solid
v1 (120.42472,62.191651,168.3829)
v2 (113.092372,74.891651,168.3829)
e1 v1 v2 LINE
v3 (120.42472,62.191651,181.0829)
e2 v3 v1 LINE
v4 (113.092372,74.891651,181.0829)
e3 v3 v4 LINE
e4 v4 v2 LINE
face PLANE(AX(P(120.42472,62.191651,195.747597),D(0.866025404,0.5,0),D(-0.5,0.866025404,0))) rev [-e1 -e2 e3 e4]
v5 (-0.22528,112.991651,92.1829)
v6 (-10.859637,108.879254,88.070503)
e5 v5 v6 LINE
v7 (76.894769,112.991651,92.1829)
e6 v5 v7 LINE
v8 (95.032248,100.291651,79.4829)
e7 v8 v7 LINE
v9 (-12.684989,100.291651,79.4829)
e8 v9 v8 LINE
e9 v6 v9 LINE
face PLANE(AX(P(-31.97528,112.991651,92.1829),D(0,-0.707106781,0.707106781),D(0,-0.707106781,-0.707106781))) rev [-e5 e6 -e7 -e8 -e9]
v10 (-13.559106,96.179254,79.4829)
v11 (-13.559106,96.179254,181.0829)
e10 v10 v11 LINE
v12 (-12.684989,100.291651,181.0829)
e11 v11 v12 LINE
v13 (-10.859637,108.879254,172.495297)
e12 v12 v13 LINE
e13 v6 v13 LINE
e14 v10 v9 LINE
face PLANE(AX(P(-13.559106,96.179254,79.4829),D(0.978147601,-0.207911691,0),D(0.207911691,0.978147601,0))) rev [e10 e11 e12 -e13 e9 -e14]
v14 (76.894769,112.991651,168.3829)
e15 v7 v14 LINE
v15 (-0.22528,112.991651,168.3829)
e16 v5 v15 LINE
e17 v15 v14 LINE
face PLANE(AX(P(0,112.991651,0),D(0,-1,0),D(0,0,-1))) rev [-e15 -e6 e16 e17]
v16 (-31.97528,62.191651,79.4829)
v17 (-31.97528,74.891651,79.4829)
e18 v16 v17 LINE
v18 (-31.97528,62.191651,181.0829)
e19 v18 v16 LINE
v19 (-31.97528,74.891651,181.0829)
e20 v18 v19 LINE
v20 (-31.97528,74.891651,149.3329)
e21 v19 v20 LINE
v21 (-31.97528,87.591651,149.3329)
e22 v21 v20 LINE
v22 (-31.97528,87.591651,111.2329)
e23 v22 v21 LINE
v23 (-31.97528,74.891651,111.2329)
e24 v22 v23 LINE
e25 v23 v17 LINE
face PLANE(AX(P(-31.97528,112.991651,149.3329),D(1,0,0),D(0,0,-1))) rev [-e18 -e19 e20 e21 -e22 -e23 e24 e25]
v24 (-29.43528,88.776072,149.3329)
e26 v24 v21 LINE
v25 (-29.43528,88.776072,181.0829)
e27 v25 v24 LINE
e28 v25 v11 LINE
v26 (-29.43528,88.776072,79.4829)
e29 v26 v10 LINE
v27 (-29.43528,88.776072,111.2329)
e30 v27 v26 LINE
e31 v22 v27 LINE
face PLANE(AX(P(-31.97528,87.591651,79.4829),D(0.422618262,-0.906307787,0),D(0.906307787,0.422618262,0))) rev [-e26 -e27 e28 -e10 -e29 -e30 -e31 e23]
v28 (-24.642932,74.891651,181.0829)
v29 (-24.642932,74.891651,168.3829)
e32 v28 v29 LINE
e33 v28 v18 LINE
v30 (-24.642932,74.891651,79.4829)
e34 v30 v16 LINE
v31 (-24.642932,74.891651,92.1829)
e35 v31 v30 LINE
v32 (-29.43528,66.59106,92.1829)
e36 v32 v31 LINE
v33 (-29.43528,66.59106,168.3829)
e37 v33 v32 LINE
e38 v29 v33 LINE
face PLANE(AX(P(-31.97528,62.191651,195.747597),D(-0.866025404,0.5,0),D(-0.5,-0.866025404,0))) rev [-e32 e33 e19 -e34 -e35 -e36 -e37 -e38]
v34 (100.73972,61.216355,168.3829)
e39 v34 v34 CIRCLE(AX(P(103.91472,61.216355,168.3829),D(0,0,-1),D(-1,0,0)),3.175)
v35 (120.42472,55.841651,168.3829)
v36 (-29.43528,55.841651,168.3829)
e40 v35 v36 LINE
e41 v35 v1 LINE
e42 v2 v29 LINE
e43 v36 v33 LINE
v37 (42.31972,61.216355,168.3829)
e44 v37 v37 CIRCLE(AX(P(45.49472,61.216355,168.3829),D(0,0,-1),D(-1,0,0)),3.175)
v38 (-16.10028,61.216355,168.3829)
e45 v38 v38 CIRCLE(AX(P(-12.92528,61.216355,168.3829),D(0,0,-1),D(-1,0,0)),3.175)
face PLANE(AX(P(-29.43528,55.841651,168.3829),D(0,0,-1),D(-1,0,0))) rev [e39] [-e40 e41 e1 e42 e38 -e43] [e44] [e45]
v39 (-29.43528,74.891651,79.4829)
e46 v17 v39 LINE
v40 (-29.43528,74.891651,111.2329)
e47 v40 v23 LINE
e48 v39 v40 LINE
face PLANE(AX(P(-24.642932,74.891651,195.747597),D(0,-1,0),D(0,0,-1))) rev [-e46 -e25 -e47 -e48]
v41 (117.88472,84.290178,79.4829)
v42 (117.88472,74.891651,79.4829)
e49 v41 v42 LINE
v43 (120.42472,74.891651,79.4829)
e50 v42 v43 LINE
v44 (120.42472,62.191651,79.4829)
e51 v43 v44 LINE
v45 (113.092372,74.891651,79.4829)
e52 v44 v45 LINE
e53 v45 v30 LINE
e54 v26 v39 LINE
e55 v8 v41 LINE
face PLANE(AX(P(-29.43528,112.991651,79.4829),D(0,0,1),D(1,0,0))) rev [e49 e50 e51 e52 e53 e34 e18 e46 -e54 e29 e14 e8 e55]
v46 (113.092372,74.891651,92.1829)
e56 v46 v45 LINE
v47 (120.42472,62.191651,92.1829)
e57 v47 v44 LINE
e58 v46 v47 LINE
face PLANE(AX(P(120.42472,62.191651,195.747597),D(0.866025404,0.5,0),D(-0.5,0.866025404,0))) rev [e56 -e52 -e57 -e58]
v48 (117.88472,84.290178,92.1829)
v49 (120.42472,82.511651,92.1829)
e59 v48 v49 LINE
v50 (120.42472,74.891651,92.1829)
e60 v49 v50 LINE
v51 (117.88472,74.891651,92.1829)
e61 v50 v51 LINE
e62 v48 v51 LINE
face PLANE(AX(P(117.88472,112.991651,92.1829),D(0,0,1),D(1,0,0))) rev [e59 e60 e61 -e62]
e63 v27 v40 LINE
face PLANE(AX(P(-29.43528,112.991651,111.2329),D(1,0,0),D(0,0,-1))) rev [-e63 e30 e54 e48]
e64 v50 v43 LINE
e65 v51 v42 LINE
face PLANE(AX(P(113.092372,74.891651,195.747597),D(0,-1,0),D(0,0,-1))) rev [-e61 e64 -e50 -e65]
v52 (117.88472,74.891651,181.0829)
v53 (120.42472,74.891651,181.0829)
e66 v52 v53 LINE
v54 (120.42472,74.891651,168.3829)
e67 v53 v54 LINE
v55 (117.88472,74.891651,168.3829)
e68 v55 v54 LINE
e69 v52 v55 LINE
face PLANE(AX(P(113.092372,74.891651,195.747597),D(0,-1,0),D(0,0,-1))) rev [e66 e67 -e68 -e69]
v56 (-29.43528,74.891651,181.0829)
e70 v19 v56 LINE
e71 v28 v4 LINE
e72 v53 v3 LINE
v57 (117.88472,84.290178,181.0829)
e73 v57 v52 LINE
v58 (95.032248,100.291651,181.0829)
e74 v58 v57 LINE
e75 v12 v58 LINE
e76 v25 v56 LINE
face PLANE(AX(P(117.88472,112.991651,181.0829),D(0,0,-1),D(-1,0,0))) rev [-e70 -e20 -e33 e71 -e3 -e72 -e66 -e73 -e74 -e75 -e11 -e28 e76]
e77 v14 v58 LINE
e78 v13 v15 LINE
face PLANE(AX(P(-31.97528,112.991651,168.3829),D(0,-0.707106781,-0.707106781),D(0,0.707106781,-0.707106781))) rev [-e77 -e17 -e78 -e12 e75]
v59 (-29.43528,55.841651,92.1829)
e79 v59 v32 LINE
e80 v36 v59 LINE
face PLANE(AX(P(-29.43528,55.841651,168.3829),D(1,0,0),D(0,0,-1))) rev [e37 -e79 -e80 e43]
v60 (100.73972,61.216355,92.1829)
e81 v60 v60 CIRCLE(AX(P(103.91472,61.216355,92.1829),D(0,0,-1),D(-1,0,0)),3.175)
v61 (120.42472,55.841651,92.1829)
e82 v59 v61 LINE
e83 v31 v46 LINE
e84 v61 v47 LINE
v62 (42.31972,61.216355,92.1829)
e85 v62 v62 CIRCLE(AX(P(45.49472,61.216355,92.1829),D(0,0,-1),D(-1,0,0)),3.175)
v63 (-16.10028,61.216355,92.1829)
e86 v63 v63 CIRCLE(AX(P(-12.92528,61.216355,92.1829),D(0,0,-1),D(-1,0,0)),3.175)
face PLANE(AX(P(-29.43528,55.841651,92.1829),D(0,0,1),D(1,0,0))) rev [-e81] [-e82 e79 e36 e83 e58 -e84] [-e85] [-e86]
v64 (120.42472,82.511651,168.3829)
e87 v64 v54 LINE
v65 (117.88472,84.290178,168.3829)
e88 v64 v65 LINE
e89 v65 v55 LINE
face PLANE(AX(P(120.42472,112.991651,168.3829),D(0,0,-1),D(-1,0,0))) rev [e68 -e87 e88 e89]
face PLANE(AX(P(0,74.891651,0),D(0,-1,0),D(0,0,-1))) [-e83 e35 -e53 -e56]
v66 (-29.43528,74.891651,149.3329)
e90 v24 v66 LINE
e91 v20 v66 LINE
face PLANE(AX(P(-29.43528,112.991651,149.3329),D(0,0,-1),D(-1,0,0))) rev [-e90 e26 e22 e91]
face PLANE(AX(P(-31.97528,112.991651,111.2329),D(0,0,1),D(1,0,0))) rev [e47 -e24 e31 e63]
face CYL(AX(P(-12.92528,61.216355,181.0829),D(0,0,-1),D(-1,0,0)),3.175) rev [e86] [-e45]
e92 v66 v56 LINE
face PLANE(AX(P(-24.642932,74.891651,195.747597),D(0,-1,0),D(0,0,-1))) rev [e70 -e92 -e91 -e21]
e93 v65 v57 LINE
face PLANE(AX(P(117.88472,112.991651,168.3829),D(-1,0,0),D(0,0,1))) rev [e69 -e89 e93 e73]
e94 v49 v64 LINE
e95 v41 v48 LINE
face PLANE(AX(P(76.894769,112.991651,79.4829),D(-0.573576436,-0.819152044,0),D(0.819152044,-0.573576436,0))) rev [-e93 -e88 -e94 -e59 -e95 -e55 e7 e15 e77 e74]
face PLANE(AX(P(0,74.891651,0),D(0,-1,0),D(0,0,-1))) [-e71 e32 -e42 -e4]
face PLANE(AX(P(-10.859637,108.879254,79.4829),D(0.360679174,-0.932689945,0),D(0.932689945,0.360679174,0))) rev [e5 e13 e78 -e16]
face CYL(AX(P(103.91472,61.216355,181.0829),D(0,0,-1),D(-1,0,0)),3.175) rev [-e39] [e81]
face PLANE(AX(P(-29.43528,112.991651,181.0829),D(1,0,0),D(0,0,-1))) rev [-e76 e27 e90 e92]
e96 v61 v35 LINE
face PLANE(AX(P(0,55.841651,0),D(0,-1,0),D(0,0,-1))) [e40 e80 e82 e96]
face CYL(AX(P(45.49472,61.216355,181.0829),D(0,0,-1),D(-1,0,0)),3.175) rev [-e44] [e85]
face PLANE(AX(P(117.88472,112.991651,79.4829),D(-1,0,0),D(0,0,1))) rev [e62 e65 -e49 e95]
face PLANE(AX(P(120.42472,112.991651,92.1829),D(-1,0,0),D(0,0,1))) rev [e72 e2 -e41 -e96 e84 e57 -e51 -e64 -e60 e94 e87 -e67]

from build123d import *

# Parameters (mm, degrees)
BOSS_EXTRUDE1_DEPTH             = 38.1
CUT_EXTRUDE1_DEPTH              = 100.190170884
CUT_EXTRUDE1_DEPTH_BACK         = 100.190170884
BOSS_EXTRUDE2_REACH             = 101.19
BOSS_EXTRUDE2_DIRECTION_2_REACH = 101.19
CUT_EXTRUDE2_DEPTH              = 100.190170884
CUT_EXTRUDE2_DEPTH_BACK         = 100.190170884
SKETCH5_W                       = 149.86
SKETCH5_H                       = 76.2
BOSS_EXTRUDE4_DEPTH             = 19.05
SKETCH6_R                       = 3.175
CUT_EXTRUDE3_DEPTH              = 188.543158451


with BuildPart() as part:
    # Sketch1 → Boss-Extrude1 (new body)
    with BuildSketch(Plane(origin=(44.224720049, 74.891650501, 130.282900288), x_dir=(1, 0, 0), z_dir=(0, 1, 0))):
        Polygon((-73.66, -50.8), (-73.66, -19.05), (-76.2, -19.05), (-76.2, 19.05), (-73.66, 19.05), (-73.66, 50.8), (73.66, 50.8), (73.66, 38.1), (76.2, 38.1), (76.2, -38.1), (73.66, -38.1), (73.66, -50.8), align=None)
    extrude(amount=BOSS_EXTRUDE1_DEPTH)

    # Sketch2 → Cut-Extrude1 (cut, two sides: drawn at the far end of the back side and taken through both)
    with BuildSketch(Plane(origin=(44.224720049, 74.891650501, 130.282900288), x_dir=(1, 0, 0), z_dir=(0, 0, 1)).offset(-CUT_EXTRUDE1_DEPTH_BACK)):
        Polygon((-76.2, 12.7), (-57.783825767, 21.287603079), (-55.084357434, 33.987603079), (-44.45, 38.1), (-76.2, 38.1), align=None)
        Polygon((32.670048754, 38.1), (76.2, 7.62), (76.2, 38.1), align=None)
    extrude(amount=CUT_EXTRUDE1_DEPTH + CUT_EXTRUDE1_DEPTH_BACK, mode=Mode.SUBTRACT)

    # Boss-Extrude2: up to this face of the body (flat: up to its plane)
    boss_extrude2_end = Plane(part.part.faces().sort_by_distance((41.857775963, 91.970339861, 181.082900288))[0])
    # Sketch3 → Boss-Extrude2 (add, up to the picked face)
    with BuildSketch(Plane(origin=(44.224720049, 74.891650501, 130.282900288), x_dir=(1, 0, 0), z_dir=(0, 0, 1)), mode=Mode.PRIVATE) as boss_extrude2_sk1:
        Polygon((-76.2, 0), (-76.2, -12.7), (-68.867651581, 0), align=None)
    boss_extrude2_tool1 = split(extrude(boss_extrude2_sk1.sketch, amount=BOSS_EXTRUDE2_REACH, mode=Mode.PRIVATE), bisect_by=boss_extrude2_end, keep=Keep.BOTH, mode=Mode.PRIVATE)
    # Sketch3 → Boss-Extrude2 (add, up to the picked face)
    with BuildSketch(Plane(origin=(44.224720049, 74.891650501, 130.282900288), x_dir=(1, 0, 0), z_dir=(0, 0, 1)), mode=Mode.PRIVATE) as boss_extrude2_sk2:
        Polygon((76.2, 0), (76.2, -12.7), (68.867651581, 0), align=None)
    boss_extrude2_tool2 = split(extrude(boss_extrude2_sk2.sketch, amount=BOSS_EXTRUDE2_REACH, mode=Mode.PRIVATE), bisect_by=boss_extrude2_end, keep=Keep.BOTH, mode=Mode.PRIVATE)
    add(boss_extrude2_tool1.solids().sort_by(Axis((-29.531164, 70.658317, 130.2829), (0, 0, 1)))[0])
    add(boss_extrude2_tool2.solids().sort_by(Axis((117.980604, 70.658317, 130.2829), (0, 0, 1)))[0])

    # Boss-Extrude2 direction 2: up to this face of the body (flat: up to its plane)
    boss_extrude2_direction_2_end = Plane(part.part.faces().sort_by_distance((41.857775963, 91.970339861, 79.482900288))[0])
    # Sketch3 → Boss-Extrude2 direction 2 (add, up to the picked face)
    with BuildSketch(Plane(origin=(44.224720049, 74.891650501, 130.282900288), x_dir=(1, 0, 0), z_dir=(0, 0, 1)), mode=Mode.PRIVATE) as boss_extrude2_direction_2_sk1:
        Polygon((-76.2, 0), (-76.2, -12.7), (-68.867651581, 0), align=None)
    boss_extrude2_direction_2_tool1 = split(extrude(boss_extrude2_direction_2_sk1.sketch, amount=-BOSS_EXTRUDE2_DIRECTION_2_REACH, mode=Mode.PRIVATE), bisect_by=boss_extrude2_direction_2_end, keep=Keep.BOTH, mode=Mode.PRIVATE)
    # Sketch3 → Boss-Extrude2 direction 2 (add, up to the picked face)
    with BuildSketch(Plane(origin=(44.224720049, 74.891650501, 130.282900288), x_dir=(1, 0, 0), z_dir=(0, 0, 1)), mode=Mode.PRIVATE) as boss_extrude2_direction_2_sk2:
        Polygon((76.2, 0), (76.2, -12.7), (68.867651581, 0), align=None)
    boss_extrude2_direction_2_tool2 = split(extrude(boss_extrude2_direction_2_sk2.sketch, amount=-BOSS_EXTRUDE2_DIRECTION_2_REACH, mode=Mode.PRIVATE), bisect_by=boss_extrude2_direction_2_end, keep=Keep.BOTH, mode=Mode.PRIVATE)
    add(boss_extrude2_direction_2_tool1.solids().sort_by(Axis((-29.531164, 70.658317, 130.2829), (0, 0, -1)))[0])
    add(boss_extrude2_direction_2_tool2.solids().sort_by(Axis((117.980604, 70.658317, 130.2829), (0, 0, -1)))[0])

    # Sketch4 → Cut-Extrude2 (cut, two sides: drawn at the far end of the back side and taken through both)
    with BuildSketch(Plane(origin=(44.224720049, 74.891650501, 130.282900288), x_dir=(0, 0, -1), z_dir=(1, 0, 0)).offset(-CUT_EXTRUDE2_DEPTH_BACK)):
        Polygon((-38.1, 38.1), (-50.8, 25.4), (-50.8, 38.1), align=None)
        Polygon((38.1, 38.1), (50.8, 25.4), (50.8, 38.1), align=None)
    extrude(amount=CUT_EXTRUDE2_DEPTH + CUT_EXTRUDE2_DEPTH_BACK, mode=Mode.SUBTRACT)

    # Sketch5 → Boss-Extrude4 (add)
    with BuildSketch(Plane.XZ.offset(-74.891650501)):
        with Locations((45.494720049, 130.282900288)):
            Rectangle(SKETCH5_W, SKETCH5_H)
    extrude(amount=BOSS_EXTRUDE4_DEPTH)

    # Sketch6 → Cut-Extrude3 (cut, through all)
    with BuildSketch(Plane(origin=(0, 0, 92.182900288), x_dir=(-1, 0, 0), z_dir=(0, 0, -1))):
        with Locations((-103.914720049, 61.216355026)):
            Circle(SKETCH6_R)
        with Locations((-45.494720049, 61.216355026)):
            Circle(SKETCH6_R)
        with Locations((12.925279951, 61.216355026)):
            Circle(SKETCH6_R)
    extrude(amount=-CUT_EXTRUDE3_DEPTH, mode=Mode.SUBTRACT)


solid = part.part
